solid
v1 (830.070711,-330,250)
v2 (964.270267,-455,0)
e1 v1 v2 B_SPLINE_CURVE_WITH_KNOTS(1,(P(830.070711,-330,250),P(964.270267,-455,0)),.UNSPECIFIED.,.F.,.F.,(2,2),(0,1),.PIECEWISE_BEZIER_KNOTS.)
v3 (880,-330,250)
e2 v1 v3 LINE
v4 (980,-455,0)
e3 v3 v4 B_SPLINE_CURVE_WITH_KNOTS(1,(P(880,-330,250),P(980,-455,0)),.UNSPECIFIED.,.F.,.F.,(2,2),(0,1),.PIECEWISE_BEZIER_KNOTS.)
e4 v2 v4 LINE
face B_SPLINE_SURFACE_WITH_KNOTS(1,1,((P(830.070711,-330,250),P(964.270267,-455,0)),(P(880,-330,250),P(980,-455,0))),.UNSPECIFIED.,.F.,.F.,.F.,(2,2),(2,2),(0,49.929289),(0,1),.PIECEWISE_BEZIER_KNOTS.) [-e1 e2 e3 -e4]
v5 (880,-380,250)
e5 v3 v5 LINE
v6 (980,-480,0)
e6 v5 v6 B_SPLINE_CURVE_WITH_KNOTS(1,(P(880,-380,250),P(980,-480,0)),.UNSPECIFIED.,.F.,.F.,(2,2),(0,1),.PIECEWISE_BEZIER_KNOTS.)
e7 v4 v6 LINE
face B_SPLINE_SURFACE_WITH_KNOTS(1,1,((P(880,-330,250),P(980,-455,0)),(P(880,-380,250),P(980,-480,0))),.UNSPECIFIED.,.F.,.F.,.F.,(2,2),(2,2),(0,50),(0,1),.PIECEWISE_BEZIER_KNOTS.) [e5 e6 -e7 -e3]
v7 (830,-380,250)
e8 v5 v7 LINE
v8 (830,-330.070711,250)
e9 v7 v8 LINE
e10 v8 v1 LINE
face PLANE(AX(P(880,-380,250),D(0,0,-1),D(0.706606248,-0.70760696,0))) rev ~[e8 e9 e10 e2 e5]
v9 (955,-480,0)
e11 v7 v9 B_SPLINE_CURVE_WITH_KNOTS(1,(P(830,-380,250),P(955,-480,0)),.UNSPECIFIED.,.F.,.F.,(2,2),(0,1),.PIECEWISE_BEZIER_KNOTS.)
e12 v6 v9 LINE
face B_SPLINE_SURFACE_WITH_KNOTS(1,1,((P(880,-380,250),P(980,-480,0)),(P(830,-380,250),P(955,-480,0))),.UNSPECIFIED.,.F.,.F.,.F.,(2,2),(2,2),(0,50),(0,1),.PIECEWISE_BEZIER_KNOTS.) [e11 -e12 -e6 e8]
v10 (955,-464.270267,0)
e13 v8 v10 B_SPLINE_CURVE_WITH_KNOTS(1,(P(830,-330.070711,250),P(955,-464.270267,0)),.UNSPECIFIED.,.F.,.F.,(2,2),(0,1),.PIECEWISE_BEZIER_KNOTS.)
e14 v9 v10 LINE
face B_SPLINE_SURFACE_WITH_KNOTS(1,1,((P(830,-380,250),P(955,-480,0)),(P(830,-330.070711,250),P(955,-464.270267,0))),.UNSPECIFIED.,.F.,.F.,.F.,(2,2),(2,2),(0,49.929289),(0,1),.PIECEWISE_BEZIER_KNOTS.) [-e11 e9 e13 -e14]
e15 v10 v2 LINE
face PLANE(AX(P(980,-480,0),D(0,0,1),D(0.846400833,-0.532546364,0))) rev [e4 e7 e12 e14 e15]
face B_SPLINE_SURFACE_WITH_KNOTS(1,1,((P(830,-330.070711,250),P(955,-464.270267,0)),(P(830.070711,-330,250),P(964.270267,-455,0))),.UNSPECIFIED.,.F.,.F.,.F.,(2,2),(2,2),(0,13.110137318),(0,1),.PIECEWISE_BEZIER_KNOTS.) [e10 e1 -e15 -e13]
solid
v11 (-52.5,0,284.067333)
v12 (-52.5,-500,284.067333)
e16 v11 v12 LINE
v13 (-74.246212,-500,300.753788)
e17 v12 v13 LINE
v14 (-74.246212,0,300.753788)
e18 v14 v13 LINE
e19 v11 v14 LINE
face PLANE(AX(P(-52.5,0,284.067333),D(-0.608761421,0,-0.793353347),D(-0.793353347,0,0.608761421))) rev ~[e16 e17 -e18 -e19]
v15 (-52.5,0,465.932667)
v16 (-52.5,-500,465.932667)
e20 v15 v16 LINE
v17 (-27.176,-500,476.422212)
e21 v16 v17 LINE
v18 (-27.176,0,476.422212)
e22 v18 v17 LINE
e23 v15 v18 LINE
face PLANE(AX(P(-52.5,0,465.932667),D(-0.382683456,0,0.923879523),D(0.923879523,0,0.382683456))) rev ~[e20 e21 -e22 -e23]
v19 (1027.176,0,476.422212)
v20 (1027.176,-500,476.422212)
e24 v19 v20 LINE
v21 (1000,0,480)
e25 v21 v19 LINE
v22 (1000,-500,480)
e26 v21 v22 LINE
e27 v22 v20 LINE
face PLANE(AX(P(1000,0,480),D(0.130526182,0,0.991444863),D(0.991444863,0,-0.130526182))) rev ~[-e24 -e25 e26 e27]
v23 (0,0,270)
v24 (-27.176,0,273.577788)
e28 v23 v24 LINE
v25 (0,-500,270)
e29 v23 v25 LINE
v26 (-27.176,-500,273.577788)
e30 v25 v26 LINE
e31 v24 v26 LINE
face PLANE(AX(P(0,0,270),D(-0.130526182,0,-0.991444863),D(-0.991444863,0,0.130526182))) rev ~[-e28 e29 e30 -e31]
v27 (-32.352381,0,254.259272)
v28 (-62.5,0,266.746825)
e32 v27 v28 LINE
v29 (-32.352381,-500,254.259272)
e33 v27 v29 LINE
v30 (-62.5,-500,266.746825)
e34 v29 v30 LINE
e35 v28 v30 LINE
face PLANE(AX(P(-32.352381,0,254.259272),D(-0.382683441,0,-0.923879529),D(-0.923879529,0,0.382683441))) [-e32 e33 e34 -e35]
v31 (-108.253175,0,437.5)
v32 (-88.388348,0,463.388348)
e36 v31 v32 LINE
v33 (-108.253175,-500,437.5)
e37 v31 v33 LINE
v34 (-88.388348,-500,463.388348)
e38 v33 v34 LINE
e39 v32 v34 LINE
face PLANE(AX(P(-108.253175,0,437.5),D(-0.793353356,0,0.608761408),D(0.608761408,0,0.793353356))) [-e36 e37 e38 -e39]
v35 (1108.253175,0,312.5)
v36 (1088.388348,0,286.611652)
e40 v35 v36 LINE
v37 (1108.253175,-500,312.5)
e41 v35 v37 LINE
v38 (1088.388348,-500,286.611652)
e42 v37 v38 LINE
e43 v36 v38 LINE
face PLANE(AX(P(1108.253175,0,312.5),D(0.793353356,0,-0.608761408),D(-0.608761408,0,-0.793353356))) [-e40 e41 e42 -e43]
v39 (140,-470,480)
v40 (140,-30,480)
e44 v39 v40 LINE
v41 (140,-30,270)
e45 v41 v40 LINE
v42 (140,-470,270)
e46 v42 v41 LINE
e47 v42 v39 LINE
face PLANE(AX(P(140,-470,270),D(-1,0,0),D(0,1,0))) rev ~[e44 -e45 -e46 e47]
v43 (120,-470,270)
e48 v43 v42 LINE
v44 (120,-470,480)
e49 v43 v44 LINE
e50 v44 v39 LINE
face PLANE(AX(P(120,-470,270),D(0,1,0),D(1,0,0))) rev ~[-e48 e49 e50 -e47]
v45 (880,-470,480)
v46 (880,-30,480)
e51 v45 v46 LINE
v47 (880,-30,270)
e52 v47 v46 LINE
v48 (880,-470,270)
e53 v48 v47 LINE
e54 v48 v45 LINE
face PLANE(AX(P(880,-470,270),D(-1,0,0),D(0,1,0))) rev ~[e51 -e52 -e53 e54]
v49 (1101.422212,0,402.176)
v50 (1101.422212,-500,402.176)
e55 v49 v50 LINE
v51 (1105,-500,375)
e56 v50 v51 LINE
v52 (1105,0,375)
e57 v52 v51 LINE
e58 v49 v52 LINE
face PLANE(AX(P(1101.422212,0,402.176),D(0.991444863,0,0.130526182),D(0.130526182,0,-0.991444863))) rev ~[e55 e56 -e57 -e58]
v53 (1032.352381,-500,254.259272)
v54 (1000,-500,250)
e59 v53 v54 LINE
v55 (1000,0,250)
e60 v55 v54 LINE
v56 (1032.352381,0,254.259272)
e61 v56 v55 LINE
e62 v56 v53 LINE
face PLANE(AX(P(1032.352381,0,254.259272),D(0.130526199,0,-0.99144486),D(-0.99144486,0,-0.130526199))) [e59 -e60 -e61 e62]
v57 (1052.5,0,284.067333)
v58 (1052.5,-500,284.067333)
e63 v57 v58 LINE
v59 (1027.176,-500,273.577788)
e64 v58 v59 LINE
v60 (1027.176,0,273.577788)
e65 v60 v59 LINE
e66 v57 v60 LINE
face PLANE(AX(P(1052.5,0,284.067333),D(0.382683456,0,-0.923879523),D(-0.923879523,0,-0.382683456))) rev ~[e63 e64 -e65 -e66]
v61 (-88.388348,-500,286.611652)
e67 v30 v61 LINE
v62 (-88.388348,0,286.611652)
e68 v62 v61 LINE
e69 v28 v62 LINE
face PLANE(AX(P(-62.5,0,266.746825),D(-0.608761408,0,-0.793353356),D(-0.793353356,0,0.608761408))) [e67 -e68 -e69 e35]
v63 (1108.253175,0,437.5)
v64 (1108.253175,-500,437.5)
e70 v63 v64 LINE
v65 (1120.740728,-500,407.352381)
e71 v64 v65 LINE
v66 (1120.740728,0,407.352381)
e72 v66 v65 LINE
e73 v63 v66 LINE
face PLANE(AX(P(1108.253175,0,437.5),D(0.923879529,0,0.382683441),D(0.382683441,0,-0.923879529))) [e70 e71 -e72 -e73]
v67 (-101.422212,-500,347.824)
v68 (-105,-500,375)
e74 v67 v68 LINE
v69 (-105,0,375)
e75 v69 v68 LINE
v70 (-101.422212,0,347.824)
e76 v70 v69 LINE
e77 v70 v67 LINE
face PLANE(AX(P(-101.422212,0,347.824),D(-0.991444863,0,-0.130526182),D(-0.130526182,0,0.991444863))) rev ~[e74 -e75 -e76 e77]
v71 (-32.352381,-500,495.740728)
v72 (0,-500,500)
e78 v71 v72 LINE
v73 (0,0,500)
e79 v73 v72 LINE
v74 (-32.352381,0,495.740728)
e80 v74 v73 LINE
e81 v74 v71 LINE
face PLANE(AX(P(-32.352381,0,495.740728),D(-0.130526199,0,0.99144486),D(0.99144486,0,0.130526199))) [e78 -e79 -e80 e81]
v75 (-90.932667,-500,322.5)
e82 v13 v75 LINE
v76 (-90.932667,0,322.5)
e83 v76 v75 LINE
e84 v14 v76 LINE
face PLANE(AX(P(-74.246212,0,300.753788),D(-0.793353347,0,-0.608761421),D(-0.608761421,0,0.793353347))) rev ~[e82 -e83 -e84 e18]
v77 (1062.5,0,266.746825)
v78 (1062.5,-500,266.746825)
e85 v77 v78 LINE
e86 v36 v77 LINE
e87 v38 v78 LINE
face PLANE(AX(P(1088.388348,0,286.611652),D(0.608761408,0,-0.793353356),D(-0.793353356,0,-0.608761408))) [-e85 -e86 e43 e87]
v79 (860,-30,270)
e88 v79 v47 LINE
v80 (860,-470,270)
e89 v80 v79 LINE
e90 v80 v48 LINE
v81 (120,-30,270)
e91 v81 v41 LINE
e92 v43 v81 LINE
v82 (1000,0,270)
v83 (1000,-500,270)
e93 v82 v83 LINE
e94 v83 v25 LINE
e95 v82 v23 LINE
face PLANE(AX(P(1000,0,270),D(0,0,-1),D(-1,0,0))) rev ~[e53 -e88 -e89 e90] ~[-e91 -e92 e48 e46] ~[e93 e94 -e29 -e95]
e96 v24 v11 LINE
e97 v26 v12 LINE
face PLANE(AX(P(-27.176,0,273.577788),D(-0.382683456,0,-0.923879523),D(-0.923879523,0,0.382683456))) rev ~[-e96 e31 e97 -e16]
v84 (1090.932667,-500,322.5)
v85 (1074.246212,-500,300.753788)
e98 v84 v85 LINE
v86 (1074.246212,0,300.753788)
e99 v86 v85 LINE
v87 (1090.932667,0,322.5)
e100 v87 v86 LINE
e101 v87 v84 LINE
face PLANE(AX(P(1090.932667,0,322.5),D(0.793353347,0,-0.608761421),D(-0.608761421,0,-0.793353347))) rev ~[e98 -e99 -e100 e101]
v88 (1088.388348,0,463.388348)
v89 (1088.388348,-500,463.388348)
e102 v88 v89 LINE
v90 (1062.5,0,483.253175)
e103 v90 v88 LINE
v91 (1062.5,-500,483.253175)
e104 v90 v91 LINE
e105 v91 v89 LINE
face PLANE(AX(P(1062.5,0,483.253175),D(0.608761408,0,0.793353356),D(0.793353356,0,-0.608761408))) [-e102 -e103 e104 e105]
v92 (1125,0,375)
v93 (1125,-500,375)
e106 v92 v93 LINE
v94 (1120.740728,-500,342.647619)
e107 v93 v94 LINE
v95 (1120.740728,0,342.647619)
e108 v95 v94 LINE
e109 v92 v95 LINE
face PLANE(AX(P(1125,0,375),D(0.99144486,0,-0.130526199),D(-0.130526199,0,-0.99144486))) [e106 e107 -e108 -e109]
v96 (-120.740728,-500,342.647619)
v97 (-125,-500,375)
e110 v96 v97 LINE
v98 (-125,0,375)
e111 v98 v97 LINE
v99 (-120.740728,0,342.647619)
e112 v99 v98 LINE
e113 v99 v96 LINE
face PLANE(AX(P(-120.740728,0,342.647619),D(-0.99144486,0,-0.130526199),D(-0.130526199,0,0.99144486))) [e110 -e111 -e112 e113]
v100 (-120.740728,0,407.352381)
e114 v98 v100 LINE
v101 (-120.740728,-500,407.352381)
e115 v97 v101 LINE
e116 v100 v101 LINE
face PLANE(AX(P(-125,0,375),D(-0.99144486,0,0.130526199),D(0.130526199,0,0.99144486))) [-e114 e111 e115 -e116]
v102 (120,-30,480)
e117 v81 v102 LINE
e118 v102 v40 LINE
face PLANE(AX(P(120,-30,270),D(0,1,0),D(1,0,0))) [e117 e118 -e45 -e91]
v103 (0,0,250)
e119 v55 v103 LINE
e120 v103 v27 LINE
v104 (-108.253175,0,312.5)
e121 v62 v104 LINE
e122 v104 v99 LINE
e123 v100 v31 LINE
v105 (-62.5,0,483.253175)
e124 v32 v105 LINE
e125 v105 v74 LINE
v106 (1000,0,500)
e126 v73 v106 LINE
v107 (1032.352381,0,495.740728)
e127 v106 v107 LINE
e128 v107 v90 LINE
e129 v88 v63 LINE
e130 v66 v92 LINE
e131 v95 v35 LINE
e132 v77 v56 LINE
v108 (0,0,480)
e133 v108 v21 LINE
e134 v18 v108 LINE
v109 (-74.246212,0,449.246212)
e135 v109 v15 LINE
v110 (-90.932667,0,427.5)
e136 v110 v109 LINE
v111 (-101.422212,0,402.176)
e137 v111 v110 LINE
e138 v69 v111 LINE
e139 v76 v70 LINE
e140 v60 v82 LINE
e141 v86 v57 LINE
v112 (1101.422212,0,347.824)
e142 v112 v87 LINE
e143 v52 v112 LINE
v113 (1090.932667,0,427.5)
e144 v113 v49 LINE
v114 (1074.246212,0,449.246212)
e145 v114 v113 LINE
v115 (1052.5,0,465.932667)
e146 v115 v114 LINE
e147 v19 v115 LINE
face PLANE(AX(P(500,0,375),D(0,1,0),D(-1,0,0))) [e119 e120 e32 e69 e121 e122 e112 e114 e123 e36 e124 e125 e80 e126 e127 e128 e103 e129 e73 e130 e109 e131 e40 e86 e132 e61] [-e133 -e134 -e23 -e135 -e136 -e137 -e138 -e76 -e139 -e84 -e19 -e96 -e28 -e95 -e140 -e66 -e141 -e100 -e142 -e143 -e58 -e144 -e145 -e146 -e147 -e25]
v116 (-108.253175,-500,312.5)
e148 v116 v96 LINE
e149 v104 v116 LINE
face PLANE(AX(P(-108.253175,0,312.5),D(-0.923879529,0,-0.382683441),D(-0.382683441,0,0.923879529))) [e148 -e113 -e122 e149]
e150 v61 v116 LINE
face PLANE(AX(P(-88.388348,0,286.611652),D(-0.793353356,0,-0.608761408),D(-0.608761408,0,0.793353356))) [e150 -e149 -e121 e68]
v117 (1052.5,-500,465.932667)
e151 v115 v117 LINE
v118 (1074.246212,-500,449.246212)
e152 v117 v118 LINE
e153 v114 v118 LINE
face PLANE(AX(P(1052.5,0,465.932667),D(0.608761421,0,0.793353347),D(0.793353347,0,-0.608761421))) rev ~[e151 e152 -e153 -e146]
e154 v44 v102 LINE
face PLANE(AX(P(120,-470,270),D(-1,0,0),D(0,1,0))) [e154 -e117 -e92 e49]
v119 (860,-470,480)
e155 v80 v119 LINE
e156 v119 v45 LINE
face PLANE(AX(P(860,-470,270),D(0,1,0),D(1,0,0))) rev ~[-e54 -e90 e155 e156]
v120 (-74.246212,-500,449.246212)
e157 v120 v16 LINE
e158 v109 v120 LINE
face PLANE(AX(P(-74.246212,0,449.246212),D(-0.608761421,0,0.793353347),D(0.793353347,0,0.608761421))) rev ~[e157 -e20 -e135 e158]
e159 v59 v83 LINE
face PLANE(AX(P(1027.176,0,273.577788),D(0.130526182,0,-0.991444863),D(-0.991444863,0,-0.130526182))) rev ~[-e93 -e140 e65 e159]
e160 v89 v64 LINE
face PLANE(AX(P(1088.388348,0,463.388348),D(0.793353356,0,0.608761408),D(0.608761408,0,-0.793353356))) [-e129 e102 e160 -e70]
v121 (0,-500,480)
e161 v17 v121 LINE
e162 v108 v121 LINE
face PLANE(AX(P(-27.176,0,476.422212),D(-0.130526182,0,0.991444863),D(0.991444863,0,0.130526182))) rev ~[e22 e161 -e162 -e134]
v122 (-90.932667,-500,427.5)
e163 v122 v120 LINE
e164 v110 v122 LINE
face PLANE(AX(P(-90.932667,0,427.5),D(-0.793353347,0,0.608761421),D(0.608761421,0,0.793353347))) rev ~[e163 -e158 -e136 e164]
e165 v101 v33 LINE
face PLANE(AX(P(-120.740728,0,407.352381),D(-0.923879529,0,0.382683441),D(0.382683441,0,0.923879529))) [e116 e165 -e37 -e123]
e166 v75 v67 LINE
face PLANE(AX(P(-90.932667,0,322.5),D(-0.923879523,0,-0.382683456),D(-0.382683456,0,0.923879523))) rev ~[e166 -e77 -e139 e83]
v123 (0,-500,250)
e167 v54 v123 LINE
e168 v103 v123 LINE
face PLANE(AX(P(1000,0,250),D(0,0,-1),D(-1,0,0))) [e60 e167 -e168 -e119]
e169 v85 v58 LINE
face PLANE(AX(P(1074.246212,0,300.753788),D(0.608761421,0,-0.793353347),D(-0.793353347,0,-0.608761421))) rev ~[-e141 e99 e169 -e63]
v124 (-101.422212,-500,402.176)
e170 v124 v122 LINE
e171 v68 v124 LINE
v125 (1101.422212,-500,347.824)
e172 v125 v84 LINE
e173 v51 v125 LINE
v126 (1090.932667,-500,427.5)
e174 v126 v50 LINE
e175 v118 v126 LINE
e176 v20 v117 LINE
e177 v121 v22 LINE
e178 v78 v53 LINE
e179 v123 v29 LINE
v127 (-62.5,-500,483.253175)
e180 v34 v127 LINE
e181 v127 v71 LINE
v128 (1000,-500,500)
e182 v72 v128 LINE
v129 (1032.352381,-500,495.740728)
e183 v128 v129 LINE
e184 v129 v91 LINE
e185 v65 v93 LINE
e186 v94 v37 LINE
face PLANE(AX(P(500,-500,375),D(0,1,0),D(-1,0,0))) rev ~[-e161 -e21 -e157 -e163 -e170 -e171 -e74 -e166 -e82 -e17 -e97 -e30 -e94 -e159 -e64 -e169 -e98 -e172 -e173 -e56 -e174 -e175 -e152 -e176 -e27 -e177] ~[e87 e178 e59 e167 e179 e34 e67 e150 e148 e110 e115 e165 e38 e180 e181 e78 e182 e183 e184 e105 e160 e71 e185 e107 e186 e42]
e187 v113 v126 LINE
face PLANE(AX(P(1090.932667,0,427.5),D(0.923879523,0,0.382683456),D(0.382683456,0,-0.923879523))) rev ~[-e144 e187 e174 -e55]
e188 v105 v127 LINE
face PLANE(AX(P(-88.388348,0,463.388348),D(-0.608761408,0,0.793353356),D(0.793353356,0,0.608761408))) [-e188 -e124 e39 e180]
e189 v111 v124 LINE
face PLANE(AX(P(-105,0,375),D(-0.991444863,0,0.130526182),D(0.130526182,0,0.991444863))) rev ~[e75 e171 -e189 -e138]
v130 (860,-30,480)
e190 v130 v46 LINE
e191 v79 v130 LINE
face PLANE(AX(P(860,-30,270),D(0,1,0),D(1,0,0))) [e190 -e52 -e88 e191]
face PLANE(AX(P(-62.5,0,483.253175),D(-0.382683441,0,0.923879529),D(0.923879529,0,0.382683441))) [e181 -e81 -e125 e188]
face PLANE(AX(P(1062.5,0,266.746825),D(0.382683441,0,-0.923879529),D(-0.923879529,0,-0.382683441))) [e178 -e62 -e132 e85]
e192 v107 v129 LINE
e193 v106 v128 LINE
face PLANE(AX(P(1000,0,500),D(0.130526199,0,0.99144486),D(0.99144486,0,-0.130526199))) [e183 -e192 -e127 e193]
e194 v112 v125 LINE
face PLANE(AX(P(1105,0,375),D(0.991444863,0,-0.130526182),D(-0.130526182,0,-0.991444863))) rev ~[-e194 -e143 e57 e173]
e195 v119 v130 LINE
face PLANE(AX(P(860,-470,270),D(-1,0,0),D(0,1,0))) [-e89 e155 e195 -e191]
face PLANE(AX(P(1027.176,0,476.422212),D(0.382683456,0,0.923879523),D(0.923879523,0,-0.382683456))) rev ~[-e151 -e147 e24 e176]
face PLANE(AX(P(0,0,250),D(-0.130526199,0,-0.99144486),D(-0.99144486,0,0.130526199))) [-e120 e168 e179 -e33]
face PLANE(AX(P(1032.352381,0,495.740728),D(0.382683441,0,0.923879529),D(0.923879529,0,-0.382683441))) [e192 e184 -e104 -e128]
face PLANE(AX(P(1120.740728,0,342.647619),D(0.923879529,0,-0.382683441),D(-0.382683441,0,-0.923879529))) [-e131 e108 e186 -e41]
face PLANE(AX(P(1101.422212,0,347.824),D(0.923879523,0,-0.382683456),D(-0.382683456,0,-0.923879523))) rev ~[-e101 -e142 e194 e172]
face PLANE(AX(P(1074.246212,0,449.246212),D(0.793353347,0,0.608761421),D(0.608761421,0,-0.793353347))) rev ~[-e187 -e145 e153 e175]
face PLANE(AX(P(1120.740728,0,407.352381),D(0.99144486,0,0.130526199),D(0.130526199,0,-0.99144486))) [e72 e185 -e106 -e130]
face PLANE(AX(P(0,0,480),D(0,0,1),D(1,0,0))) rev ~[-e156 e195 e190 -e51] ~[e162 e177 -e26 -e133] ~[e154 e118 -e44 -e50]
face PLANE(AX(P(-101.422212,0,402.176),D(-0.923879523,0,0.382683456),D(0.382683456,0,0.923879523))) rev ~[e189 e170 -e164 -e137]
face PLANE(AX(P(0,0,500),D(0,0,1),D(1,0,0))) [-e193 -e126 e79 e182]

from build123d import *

# Parameters (mm, degrees)
PAD_DEPTH    = 500
SKETCH003_W  = 20
SKETCH003_H  = 440
PAD001_DEPTH = 210


with BuildPart() as top:
    # Sketch → Pad (new body)
    with BuildSketch(Plane.XZ):
        Polygon((0, 500), (1000, 500), (1032.352381, 495.740728), (1062.5, 483.253175), (1088.388348, 463.388348), (1108.253175, 437.5), (1120.740728, 407.352381), (1125, 375), (1120.740728, 342.647619), (1108.253175, 312.5), (1088.388348, 286.611652), (1062.5, 266.746825), (1032.352381, 254.259272), (1000, 250), (0, 250), (-32.352381, 254.259272), (-62.5, 266.746825), (-88.388348, 286.611652), (-108.253175, 312.5), (-120.740728, 342.647619), (-125, 375), (-120.740728, 407.352381), (-108.253175, 437.5), (-88.388348, 463.388348), (-62.5, 483.253175), (-32.352381, 495.740728), align=None)
        Polygon((0, 480), (1000, 480), (1027.176, 476.422212), (1052.5, 465.932667), (1074.246212, 449.246212), (1090.932667, 427.5), (1101.422212, 402.176), (1105, 375), (1101.422212, 347.824), (1090.932667, 322.5), (1074.246212, 300.753788), (1052.5, 284.067333), (1027.176, 273.577788), (1000, 270), (0, 270), (-27.176, 273.577788), (-52.5, 284.067333), (-74.246212, 300.753788), (-90.932667, 322.5), (-101.422212, 347.824), (-105, 375), (-101.422212, 402.176), (-90.932667, 427.5), (-74.246212, 449.246212), (-52.5, 465.932667), (-27.176, 476.422212), align=None, mode=Mode.SUBTRACT)
    extrude(amount=PAD_DEPTH)

    # Sketch003 (on DatumPlane) → Pad001 (join)
    with BuildSketch(Plane.XY.offset(270)):
        with Locations((130, -250)):
            Rectangle(SKETCH003_W, SKETCH003_H)
        with Locations((870, -250)):
            Rectangle(SKETCH003_W, SKETCH003_H)
    extrude(amount=PAD001_DEPTH)


with BuildPart() as leg:
    # Sketch001 (on DatumPlane) → AdditiveLoft section 0
    with BuildSketch(Plane.XY.offset(250)):
        Polygon((120, -380), (170, -380), (170, -330.070711), (169.929289, -330), (120, -330), align=None)
    # Sketch002 → AdditiveLoft section 1
    with BuildSketch(Plane.XY):
        Polygon((20, -455), (20, -480), (45, -480), (45, -464.270267), (35.729733, -455), align=None)
    loft()


with BuildPart() as leg2:
    # Part__Mirroring: instance of Leg
    add(leg.part.mirror(Plane(origin=(0, -250, 0), x_dir=(-1, 0, 0), z_dir=(0, -1, 0))))


with BuildPart() as leg3:
    # Part__Mirroring001: instance of Leg2
    add(leg2.part.mirror(Plane(origin=(500, 0, 0), x_dir=(0, -1, 0), z_dir=(1, 0, 0))))


with BuildPart() as leg4:
    # Part__Mirroring002: instance of Leg3
    add(leg3.part.mirror(Plane(origin=(0, -250, 0), x_dir=(-1, 0, 0), z_dir=(0, -1, 0))))


solid = Compound([top.part, leg4.part])
